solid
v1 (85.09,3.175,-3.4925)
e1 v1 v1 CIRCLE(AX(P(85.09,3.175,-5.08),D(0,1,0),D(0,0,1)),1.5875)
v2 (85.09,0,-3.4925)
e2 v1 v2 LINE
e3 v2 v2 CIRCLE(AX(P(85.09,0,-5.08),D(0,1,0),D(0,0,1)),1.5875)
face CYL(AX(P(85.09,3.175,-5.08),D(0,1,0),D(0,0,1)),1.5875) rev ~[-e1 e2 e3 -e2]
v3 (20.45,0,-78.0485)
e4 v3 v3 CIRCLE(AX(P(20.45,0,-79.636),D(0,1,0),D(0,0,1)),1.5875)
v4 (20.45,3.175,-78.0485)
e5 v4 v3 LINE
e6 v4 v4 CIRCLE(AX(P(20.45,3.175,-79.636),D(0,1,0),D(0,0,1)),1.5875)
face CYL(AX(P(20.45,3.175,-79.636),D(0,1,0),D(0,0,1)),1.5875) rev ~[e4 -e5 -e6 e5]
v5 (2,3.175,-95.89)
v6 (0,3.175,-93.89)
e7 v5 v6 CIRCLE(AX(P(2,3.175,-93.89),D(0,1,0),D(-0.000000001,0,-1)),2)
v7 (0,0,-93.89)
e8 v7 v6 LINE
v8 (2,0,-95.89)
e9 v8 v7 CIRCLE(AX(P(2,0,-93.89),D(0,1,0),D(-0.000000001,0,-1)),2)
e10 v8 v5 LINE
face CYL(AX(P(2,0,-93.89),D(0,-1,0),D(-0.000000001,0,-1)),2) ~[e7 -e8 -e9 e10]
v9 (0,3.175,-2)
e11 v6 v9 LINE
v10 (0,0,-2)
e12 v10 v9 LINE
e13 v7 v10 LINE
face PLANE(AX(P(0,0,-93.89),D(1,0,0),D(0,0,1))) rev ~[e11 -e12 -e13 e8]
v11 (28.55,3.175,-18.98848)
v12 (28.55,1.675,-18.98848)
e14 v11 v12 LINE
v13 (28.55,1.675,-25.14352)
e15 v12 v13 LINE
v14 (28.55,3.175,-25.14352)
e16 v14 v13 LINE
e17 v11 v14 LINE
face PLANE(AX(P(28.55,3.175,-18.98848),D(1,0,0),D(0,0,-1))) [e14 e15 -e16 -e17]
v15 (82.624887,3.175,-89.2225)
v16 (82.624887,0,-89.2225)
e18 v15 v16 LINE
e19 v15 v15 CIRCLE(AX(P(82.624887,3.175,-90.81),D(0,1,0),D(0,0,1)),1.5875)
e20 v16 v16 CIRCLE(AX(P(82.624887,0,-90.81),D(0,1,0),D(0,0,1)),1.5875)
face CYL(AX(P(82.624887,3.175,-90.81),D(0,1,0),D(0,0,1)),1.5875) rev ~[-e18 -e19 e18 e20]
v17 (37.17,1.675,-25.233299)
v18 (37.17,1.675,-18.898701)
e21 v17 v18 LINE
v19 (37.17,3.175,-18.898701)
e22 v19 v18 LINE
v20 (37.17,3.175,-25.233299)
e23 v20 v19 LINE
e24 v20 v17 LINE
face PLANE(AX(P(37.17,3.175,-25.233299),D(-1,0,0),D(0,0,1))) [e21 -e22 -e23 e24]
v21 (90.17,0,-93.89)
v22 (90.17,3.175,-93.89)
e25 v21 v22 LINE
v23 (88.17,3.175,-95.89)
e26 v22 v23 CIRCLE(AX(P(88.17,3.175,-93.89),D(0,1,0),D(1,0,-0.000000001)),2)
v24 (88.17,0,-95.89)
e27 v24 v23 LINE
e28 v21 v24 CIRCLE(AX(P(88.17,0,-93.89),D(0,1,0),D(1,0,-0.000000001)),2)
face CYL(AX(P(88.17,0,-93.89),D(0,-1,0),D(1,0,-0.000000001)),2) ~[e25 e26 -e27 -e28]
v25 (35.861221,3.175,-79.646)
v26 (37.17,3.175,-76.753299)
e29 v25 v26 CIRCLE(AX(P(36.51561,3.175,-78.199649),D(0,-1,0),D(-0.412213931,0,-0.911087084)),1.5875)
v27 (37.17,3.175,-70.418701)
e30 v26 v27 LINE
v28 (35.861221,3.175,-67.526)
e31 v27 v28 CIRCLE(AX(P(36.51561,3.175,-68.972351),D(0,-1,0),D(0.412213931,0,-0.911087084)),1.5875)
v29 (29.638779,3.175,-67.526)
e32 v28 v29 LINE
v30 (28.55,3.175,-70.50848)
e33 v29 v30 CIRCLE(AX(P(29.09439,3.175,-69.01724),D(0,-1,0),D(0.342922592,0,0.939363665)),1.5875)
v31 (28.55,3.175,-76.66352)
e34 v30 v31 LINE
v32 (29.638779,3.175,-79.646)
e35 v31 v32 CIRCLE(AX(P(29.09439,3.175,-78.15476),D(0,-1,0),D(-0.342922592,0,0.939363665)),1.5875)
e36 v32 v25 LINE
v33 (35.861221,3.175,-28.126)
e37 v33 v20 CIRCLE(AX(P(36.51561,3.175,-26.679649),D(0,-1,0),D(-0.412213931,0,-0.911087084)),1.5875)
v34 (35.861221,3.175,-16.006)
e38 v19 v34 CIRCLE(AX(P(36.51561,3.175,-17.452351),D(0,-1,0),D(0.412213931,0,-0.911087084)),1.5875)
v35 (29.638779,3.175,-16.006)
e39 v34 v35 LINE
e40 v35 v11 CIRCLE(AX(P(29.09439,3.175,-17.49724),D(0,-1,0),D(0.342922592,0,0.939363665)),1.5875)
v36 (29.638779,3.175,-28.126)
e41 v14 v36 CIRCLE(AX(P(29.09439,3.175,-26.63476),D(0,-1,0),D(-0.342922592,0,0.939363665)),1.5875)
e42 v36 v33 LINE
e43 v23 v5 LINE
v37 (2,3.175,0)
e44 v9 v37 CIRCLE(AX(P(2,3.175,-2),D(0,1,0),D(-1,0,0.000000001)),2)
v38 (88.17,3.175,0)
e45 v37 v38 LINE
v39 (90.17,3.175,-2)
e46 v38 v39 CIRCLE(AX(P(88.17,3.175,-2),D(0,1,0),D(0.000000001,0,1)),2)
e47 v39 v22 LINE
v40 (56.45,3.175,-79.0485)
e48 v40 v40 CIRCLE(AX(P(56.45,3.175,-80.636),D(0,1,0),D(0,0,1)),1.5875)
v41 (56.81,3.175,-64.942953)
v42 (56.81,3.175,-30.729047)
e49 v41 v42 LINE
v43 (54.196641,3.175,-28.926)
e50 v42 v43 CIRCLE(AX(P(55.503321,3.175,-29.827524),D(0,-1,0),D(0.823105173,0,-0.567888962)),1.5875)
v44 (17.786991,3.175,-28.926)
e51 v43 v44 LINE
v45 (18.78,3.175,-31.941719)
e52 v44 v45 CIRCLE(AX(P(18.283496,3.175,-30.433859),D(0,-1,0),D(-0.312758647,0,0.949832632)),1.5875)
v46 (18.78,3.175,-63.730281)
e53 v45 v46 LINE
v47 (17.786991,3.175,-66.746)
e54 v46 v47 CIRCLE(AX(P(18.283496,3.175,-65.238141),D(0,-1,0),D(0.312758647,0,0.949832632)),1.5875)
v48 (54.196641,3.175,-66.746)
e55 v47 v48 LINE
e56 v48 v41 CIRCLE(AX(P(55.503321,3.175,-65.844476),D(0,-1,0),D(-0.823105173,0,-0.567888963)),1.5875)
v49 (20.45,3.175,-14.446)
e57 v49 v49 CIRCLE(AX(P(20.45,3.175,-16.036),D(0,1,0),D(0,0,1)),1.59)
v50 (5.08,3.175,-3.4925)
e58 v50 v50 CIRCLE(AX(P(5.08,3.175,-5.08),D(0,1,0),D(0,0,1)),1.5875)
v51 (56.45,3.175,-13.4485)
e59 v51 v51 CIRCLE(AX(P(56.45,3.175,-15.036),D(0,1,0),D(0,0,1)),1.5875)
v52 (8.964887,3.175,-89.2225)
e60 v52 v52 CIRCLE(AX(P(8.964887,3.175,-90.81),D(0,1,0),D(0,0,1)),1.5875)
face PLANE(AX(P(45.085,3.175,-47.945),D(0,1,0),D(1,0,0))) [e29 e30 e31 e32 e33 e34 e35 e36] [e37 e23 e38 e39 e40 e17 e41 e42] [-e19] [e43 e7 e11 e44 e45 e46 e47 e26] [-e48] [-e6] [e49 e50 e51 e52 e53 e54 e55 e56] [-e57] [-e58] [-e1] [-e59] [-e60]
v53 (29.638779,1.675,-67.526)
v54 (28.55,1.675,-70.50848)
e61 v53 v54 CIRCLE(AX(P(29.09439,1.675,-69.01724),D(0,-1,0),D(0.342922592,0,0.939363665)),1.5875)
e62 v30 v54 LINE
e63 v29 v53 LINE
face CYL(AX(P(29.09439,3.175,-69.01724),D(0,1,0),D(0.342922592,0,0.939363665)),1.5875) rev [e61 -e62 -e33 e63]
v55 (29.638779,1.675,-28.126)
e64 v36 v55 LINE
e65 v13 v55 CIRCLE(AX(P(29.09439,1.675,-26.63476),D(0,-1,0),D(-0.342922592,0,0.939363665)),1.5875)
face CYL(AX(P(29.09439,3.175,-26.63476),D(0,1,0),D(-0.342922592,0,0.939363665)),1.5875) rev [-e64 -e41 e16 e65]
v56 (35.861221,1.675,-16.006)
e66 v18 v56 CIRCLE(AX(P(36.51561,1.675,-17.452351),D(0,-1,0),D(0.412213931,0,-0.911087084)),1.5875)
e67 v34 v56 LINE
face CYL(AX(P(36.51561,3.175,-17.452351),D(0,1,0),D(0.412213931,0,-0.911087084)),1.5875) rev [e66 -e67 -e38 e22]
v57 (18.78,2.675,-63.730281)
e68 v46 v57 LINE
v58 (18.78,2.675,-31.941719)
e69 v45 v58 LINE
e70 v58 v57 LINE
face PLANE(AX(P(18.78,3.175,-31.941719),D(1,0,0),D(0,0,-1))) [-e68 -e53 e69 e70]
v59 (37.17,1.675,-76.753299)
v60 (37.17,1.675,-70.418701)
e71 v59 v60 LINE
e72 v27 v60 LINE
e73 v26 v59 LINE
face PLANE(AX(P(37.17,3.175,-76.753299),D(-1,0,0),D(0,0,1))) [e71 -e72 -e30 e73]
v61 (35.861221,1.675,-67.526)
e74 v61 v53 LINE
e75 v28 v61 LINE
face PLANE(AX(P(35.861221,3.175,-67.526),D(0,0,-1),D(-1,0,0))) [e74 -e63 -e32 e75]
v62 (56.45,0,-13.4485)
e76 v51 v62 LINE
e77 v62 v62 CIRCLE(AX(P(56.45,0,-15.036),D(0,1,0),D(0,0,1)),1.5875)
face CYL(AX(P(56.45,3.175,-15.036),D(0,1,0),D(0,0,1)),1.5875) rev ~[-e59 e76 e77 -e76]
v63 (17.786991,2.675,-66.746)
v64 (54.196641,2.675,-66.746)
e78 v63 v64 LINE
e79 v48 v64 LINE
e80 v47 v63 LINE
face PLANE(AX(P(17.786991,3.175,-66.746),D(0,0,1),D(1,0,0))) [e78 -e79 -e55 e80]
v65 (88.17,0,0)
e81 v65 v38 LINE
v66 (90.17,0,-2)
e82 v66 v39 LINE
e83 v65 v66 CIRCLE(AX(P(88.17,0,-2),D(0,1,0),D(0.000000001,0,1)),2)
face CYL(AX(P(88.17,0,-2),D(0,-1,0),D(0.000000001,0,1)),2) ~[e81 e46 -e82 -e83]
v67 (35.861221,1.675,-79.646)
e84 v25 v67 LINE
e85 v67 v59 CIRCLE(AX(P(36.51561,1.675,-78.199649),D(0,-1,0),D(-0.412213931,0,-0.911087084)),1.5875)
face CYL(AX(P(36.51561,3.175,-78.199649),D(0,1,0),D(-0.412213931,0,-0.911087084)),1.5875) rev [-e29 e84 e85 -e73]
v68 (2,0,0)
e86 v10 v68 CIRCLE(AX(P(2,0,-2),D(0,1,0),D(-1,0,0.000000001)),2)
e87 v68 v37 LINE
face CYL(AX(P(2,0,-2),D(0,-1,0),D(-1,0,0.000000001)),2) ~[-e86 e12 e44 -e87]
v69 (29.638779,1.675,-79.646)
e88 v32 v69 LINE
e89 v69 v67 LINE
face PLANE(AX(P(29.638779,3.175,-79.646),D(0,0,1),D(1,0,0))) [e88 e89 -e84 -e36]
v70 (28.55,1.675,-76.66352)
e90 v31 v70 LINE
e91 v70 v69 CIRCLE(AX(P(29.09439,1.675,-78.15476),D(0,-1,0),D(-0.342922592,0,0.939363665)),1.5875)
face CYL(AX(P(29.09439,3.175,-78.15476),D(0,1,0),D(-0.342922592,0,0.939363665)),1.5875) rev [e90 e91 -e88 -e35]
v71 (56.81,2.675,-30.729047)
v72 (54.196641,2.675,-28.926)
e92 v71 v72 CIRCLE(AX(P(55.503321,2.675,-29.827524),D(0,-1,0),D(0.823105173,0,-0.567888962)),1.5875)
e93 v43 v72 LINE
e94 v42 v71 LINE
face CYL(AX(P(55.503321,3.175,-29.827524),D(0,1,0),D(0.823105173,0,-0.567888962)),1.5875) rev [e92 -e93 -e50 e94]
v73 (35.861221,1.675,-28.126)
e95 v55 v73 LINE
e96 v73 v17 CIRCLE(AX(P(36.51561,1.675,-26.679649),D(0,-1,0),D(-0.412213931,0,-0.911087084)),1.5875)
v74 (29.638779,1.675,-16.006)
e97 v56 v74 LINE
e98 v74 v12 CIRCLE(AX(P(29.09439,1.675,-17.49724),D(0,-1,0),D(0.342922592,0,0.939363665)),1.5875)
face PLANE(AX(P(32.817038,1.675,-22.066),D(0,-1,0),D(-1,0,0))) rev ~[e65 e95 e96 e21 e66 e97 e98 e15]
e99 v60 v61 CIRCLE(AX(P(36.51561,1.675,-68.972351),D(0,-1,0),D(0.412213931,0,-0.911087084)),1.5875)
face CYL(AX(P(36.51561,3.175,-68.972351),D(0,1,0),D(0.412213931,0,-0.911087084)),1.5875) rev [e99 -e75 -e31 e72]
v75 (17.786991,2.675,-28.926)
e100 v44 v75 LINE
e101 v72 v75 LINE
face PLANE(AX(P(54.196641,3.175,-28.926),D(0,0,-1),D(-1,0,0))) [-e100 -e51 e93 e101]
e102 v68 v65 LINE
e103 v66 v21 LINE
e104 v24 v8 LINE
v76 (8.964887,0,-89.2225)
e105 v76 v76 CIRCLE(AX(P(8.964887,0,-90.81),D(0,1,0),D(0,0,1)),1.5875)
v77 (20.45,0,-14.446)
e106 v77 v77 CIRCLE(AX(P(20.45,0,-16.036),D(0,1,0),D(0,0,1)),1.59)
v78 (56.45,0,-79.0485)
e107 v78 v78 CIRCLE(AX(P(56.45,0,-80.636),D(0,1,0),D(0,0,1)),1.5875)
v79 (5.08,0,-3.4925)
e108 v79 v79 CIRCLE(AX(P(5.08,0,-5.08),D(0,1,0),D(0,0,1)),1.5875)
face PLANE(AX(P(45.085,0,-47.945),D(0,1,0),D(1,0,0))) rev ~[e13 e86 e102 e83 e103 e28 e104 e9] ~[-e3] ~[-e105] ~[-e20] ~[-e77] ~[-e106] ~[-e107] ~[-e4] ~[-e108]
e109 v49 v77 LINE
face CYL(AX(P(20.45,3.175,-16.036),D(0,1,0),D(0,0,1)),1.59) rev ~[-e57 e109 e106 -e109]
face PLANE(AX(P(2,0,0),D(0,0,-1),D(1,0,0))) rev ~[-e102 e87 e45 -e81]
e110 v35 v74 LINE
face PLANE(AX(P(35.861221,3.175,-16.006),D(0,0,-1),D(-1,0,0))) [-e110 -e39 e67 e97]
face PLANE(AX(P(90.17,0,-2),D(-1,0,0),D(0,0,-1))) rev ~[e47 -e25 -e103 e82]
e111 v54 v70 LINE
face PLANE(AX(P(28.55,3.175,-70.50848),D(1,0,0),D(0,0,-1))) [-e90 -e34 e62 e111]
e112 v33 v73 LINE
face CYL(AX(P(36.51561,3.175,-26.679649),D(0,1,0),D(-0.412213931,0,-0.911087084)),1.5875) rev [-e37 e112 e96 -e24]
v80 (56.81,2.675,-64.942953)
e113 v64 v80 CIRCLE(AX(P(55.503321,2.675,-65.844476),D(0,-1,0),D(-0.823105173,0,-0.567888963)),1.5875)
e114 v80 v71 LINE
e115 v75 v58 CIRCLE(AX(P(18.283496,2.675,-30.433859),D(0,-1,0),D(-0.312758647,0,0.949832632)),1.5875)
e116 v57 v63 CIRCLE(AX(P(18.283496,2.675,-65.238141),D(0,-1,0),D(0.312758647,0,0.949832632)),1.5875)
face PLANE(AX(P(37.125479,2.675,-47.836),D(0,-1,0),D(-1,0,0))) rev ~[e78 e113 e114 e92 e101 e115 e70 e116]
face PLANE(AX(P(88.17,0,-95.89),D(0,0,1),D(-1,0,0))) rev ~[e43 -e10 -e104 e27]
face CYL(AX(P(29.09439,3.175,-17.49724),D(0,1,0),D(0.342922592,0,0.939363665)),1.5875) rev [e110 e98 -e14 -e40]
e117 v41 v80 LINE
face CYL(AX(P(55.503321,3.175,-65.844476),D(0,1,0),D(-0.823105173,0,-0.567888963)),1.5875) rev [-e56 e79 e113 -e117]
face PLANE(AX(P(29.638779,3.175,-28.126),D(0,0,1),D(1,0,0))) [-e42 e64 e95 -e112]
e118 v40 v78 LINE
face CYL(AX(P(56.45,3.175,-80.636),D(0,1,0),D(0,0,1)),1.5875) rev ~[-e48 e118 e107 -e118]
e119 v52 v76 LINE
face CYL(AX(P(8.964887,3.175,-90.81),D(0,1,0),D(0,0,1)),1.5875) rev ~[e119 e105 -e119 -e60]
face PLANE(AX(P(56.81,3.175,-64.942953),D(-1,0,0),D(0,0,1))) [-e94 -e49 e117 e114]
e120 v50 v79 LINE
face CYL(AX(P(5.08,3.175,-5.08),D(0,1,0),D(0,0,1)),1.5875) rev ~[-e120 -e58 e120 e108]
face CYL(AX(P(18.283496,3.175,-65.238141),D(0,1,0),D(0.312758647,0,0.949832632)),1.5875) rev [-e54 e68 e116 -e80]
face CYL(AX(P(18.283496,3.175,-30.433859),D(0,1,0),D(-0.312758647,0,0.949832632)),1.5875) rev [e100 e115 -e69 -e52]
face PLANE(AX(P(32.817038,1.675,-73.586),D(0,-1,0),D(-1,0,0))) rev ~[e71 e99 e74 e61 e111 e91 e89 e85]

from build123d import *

# Parameters (mm, degrees)
BOSS_EXTRUDE1_DEPTH = 3.175
SKETCH2_R           = 1.5875
SKETCH2_R_2         = 1.59
CUT_EXTRUDE1_DEPTH  = 132.664731895
CUT_EXTRUDE2_DEPTH  = 0.5
CUT_EXTRUDE3_DEPTH  = 1.5


with BuildPart() as part:
    # Sketch1 → Boss-Extrude1 (new body)
    with BuildSketch(Plane(origin=(0, 0, 0), x_dir=(1, 0, 0), z_dir=(0, 1, 0))):
        with BuildLine():
            Line((2, 0), (88.17, 0))
            ThreePointArc((88.17, 0), (89.584213562, 0.585786438), (90.17, 2))
            Line((90.17, 2), (90.17, 93.89))
            ThreePointArc((90.17, 93.89), (89.584213562, 95.304213562), (88.17, 95.89))
            Line((88.17, 95.89), (2, 95.89))
            ThreePointArc((2, 95.89), (0.585786438, 95.304213562), (0, 93.89))
            Line((0, 93.89), (0, 2))
            ThreePointArc((0, 2), (0.585786438, 0.585786438), (2, 0))
        make_face()
    extrude(amount=BOSS_EXTRUDE1_DEPTH)

    # Sketch2 → Cut-Extrude1 (cut, through all)
    with BuildSketch(Plane(origin=(0, 3.175, 0), x_dir=(1, 0, 0), z_dir=(0, 1, 0))):
        with Locations(Location((5.08, 5.08, 0), (0, 0, 270))):
            Circle(SKETCH2_R)
        with Locations(Location((8.96488723, 90.81, 0), (0, 0, 270))):
            Circle(SKETCH2_R)
        with Locations(Location((85.09, 5.08, 0), (0, 0, 270))):
            Circle(SKETCH2_R)
        with Locations(Location((82.62488723, 90.81, 0), (0, 0, 270))):
            Circle(SKETCH2_R)
        with Locations(Location((20.45, 16.036, 0), (0, 0, 270))):
            Circle(SKETCH2_R_2)
        with Locations(Location((20.45, 79.636, 0), (0, 0, 270))):
            Circle(SKETCH2_R)
        with Locations(Location((56.45, 80.636, 0), (0, 0, 270))):
            Circle(SKETCH2_R)
        with Locations(Location((56.45, 15.036, 0), (0, 0, 270))):
            Circle(SKETCH2_R)
    extrude(amount=-CUT_EXTRUDE1_DEPTH, mode=Mode.SUBTRACT)

    # Sketch3 → Cut-Extrude2 (cut)
    with BuildSketch(Plane(origin=(0, 3.175, 0), x_dir=(1, 0, 0), z_dir=(0, 1, 0))):
        with BuildLine():
            Line((17.786991297, 66.746), (54.196641075, 66.746))
            ThreePointArc((54.196641075, 66.746), (56.404844266, 67.151155734), (56.81, 64.942952544))
            Line((56.81, 64.942952544), (56.81, 30.729047456))
            ThreePointArc((56.81, 30.729047456), (56.404844266, 28.520844266), (54.196641075, 28.926))
            Line((54.196641075, 28.926), (17.786991297, 28.926))
            ThreePointArc((17.786991297, 28.926), (16.775636345, 30.930363655), (18.78, 31.941718607))
            Line((18.78, 31.941718607), (18.78, 63.730281393))
            ThreePointArc((18.78, 63.730281393), (16.775636345, 64.741636345), (17.786991297, 66.746))
        make_face()
    extrude(amount=-CUT_EXTRUDE2_DEPTH, mode=Mode.SUBTRACT)

    # Sketch4 → Cut-Extrude3 (cut)
    with BuildSketch(Plane(origin=(0, 3.175, 0), x_dir=(1, 0, 0), z_dir=(0, 1, 0))):
        with BuildLine():
            Line((29.63877923, 28.126), (35.86122077, 28.126))
            ThreePointArc((35.86122077, 28.126), (37.961961131, 27.334038869), (37.17, 25.233298507))
            Line((37.17, 25.233298507), (37.17, 18.898701493))
            ThreePointArc((37.17, 18.898701493), (37.961961131, 16.797961131), (35.86122077, 16.006))
            Line((35.86122077, 16.006), (29.63877923, 16.006))
            ThreePointArc((29.63877923, 16.006), (27.603149796, 16.952850204), (28.55, 18.988479638))
            Line((28.55, 18.988479638), (28.55, 25.143520362))
            ThreePointArc((28.55, 25.143520362), (27.603149796, 27.179149796), (29.63877923, 28.126))
        make_face()
        with BuildLine():
            Line((37.17, 76.753298507), (37.17, 70.418701493))
            ThreePointArc((37.17, 70.418701493), (37.961961131, 68.317961131), (35.86122077, 67.526))
            Line((35.86122077, 67.526), (29.63877923, 67.526))
            ThreePointArc((29.63877923, 67.526), (27.603149796, 68.472850204), (28.55, 70.508479638))
            Line((28.55, 70.508479638), (28.55, 76.663520362))
            ThreePointArc((28.55, 76.663520362), (27.603149796, 78.699149796), (29.63877923, 79.646))
            Line((29.63877923, 79.646), (35.86122077, 79.646))
            ThreePointArc((35.86122077, 79.646), (37.961961131, 78.854038869), (37.17, 76.753298507))
        make_face()
    extrude(amount=-CUT_EXTRUDE3_DEPTH, mode=Mode.SUBTRACT)


solid = part.part
